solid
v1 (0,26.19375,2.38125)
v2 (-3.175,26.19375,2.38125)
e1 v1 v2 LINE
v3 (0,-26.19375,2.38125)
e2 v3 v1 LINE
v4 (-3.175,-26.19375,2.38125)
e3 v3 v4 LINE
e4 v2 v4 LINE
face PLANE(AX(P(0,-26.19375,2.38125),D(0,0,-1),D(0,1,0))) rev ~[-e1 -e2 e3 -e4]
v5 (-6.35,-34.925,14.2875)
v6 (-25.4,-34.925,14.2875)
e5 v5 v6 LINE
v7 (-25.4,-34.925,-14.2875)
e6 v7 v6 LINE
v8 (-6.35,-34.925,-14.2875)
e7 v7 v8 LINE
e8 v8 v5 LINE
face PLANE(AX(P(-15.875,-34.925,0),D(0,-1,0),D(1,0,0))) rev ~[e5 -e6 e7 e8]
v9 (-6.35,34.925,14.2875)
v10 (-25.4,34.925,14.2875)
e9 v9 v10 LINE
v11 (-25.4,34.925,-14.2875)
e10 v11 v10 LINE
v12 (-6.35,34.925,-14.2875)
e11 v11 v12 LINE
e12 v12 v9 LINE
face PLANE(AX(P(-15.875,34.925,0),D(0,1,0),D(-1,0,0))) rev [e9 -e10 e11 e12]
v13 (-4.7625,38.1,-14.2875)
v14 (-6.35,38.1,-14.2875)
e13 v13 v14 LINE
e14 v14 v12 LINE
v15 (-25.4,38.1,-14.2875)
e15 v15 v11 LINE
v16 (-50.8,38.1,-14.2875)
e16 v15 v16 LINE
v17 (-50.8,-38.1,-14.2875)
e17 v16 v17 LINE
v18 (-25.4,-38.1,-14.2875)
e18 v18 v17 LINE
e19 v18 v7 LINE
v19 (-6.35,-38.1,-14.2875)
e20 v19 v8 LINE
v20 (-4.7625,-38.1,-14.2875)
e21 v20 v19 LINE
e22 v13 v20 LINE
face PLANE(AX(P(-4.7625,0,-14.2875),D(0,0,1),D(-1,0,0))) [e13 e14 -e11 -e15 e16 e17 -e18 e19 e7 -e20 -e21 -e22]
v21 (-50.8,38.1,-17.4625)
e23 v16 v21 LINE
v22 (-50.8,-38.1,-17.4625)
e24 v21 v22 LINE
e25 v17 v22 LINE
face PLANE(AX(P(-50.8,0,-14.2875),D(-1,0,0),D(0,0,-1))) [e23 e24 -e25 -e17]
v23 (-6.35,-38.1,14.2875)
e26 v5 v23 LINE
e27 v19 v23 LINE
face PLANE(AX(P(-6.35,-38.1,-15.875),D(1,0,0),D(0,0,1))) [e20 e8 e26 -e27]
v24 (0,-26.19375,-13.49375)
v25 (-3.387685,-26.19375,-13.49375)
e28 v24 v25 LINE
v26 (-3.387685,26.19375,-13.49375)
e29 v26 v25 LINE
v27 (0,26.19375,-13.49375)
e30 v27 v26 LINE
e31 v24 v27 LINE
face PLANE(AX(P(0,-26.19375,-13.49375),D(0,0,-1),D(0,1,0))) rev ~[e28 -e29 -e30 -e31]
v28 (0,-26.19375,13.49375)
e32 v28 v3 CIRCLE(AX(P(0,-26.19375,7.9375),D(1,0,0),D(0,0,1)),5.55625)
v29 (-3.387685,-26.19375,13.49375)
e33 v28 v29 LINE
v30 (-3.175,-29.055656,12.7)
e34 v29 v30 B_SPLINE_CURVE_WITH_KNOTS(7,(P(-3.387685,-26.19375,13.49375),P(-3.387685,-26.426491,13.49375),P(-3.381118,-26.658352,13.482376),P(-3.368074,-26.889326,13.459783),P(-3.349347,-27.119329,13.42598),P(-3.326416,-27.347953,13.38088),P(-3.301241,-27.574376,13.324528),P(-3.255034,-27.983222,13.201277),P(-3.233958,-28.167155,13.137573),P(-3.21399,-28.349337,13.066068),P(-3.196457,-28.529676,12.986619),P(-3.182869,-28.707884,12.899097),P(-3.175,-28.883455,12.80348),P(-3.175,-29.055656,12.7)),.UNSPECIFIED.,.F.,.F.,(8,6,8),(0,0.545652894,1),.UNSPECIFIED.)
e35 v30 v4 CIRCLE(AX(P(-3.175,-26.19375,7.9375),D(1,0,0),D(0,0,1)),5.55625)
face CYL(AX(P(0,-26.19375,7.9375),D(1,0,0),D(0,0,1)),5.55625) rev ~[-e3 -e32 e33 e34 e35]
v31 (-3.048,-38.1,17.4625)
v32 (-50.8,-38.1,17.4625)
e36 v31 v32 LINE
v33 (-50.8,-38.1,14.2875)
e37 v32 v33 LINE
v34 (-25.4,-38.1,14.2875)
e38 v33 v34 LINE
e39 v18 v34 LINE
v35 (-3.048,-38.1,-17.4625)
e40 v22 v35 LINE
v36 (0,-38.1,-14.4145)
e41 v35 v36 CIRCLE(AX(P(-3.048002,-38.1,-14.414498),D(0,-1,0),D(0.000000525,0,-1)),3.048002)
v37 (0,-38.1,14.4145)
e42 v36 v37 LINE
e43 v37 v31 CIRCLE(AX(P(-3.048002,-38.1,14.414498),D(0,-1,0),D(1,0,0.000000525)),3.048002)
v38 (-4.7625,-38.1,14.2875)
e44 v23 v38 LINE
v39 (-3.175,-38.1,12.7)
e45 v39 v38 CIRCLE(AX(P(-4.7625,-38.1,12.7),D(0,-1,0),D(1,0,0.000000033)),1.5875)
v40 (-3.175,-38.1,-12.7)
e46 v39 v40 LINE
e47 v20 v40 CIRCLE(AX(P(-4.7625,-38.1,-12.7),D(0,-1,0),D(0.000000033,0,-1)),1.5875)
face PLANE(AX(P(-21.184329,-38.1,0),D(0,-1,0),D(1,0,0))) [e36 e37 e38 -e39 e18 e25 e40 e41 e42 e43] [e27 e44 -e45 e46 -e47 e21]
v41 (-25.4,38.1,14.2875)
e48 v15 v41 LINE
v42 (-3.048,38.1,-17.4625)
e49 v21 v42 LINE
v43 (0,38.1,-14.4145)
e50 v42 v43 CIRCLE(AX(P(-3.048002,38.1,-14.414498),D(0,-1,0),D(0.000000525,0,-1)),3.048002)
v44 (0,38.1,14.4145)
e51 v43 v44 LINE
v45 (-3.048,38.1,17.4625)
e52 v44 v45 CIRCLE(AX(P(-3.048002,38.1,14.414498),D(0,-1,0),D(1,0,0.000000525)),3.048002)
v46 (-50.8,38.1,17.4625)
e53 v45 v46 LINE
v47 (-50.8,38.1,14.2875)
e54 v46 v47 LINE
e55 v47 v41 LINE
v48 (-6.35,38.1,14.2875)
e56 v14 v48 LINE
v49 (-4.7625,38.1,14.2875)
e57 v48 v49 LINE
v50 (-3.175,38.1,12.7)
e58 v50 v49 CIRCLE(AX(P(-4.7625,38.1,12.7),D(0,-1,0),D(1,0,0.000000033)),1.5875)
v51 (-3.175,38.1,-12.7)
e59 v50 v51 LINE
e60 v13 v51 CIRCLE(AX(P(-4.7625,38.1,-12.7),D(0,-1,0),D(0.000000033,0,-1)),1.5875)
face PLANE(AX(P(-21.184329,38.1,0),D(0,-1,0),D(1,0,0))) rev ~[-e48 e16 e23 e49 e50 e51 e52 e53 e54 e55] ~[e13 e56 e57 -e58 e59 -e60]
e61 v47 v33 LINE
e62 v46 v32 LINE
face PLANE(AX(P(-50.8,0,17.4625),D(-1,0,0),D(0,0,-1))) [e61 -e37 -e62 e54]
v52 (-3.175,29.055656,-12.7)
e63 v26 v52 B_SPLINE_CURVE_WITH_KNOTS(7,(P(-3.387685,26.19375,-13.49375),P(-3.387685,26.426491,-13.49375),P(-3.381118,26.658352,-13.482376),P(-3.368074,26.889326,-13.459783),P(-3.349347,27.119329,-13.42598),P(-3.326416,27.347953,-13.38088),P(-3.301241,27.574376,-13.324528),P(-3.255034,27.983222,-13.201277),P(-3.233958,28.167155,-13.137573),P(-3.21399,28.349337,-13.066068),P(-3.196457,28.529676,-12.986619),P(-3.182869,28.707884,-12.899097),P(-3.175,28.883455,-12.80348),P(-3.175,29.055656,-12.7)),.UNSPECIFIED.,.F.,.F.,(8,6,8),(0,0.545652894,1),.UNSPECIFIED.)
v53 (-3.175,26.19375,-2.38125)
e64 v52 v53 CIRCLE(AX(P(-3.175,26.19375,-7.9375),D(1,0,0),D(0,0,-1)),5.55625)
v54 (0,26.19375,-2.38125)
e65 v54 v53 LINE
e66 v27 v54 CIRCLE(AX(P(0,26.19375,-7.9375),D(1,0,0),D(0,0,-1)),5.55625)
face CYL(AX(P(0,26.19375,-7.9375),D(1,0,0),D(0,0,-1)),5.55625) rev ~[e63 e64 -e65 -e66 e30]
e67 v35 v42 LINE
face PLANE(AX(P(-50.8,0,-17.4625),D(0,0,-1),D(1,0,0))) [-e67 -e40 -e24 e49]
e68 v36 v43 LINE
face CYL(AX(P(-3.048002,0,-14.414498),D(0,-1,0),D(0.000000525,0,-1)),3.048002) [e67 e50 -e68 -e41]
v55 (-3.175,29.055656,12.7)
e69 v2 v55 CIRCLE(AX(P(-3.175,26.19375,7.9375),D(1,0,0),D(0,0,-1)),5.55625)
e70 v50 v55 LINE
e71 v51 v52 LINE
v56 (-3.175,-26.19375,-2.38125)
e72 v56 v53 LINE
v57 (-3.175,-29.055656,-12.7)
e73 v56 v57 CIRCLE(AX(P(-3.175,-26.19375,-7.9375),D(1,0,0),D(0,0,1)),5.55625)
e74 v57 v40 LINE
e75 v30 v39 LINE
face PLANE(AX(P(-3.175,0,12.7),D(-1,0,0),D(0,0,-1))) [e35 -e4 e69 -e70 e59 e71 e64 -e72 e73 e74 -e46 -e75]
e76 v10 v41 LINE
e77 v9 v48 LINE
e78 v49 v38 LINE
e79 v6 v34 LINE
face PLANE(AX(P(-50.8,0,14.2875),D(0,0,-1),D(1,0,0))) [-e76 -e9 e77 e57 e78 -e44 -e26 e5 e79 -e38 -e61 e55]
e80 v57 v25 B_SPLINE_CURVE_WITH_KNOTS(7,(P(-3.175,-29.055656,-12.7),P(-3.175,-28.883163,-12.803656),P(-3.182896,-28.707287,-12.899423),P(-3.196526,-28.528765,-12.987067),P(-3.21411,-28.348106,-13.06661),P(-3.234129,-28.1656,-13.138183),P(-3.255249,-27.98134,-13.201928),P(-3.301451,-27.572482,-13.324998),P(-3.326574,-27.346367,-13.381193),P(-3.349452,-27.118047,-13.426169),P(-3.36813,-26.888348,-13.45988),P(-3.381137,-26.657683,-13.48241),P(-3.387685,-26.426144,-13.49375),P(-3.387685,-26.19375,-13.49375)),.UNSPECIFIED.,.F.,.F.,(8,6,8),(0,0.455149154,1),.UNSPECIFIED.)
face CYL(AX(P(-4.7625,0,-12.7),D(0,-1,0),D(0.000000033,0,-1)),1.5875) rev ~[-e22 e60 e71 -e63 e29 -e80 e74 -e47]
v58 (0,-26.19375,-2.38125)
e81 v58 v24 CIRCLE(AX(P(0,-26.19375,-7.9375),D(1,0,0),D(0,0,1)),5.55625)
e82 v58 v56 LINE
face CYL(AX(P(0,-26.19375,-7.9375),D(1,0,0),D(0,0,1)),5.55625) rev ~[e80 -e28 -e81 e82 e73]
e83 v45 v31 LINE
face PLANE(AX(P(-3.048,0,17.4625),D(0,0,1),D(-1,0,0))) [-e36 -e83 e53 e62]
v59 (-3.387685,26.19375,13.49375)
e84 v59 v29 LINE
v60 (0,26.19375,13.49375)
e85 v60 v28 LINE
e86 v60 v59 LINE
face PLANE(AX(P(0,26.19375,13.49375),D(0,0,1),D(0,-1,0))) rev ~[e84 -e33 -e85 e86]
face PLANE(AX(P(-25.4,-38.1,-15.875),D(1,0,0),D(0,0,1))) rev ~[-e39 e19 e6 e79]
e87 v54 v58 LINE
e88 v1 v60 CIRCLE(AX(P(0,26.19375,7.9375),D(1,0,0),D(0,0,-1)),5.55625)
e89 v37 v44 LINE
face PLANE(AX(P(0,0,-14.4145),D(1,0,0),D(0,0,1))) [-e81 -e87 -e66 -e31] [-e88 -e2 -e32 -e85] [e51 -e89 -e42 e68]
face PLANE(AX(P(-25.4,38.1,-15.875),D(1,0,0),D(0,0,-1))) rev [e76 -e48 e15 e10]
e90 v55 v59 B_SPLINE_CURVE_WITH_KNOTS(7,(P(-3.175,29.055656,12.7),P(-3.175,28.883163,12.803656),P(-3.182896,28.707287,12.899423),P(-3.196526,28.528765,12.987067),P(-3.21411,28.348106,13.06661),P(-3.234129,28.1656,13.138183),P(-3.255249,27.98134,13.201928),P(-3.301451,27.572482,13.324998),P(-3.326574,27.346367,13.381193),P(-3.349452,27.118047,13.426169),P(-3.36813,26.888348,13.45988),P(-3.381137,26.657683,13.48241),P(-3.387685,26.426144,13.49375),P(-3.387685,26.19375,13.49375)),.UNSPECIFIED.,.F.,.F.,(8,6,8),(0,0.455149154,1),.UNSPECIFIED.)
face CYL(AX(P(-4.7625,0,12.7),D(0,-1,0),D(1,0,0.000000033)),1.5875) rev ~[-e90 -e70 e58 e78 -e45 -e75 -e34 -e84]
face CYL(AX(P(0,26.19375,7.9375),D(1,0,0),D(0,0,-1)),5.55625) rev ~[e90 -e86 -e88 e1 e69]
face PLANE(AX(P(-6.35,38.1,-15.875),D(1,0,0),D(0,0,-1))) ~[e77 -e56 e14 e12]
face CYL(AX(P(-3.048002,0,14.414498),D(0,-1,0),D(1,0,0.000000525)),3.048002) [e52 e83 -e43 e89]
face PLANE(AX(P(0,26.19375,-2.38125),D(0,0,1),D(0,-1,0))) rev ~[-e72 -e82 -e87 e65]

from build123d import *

# Parameters (mm, degrees)
PAD7398_DEPTH   = 38.1
SKETCH8421_W    = 19.05
SKETCH8421_H    = 31.75
PAD7397_DEPTH   = 3.175
POCKET691_DEPTH = 50.801


with BuildPart() as part:
    # Sketch8418 → Pad7398 (new body, symmetric)
    with BuildSketch(Plane.XZ):
        with BuildLine():
            ThreePointArc((0, 14.4145), (-0.892739, 16.569761), (-3.048, 17.4625))
            Line((-3.048, 17.4625), (-50.8, 17.4625))
            Line((-50.8, 17.4625), (-50.8, 14.2875))
            Line((-50.8, 14.2875), (-4.7625, 14.2875))
            ThreePointArc((-3.175, 12.7), (-3.639968, 13.822532), (-4.7625, 14.2875))
            Line((-3.175, 12.7), (-3.175, -12.7))
            ThreePointArc((-4.7625, -14.2875), (-3.639968, -13.822532), (-3.175, -12.7))
            Line((-4.7625, -14.2875), (-50.8, -14.2875))
            Line((-50.8, -14.2875), (-50.8, -17.4625))
            Line((-50.8, -17.4625), (-3.048, -17.4625))
            ThreePointArc((-3.048, -17.4625), (-0.892739, -16.569761), (0, -14.4145))
            Line((0, -14.4145), (0, 14.4145))
        make_face()
    extrude(amount=PAD7398_DEPTH, both=True)

    # Sketch8421 (on DatumPlane) → Pad7397 (join)
    with BuildSketch(Plane.XZ.offset(38.1)):
        with Locations((-15.875, 0)):
            Rectangle(SKETCH8421_W, SKETCH8421_H)
    pad7397 = extrude(amount=-PAD7397_DEPTH)

    # Mirrored017: Pad7397 across XZ
    add(pad7397.mirror(Plane.XZ))

    # Sketch8419 → Pocket691 (cut, through all)
    with BuildSketch(Plane.YZ):
        with BuildLine():
            ThreePointArc((26.19375, 2.38125), (31.75, 7.9375), (26.19375, 13.49375))
            Line((26.19375, 13.49375), (-26.19375, 13.49375))
            ThreePointArc((-26.19375, 13.49375), (-31.75, 7.9375), (-26.19375, 2.38125))
            Line((-26.19375, 2.38125), (26.19375, 2.38125))
        make_face()
        with BuildLine():
            ThreePointArc((26.19375, -13.49375), (31.75, -7.9375), (26.19375, -2.38125))
            Line((26.19375, -2.38125), (-26.19375, -2.38125))
            ThreePointArc((-26.19375, -2.38125), (-31.75, -7.9375), (-26.19375, -13.49375))
            Line((-26.19375, -13.49375), (26.19375, -13.49375))
        make_face()
    extrude(amount=-POCKET691_DEPTH, mode=Mode.SUBTRACT)


solid = part.part
